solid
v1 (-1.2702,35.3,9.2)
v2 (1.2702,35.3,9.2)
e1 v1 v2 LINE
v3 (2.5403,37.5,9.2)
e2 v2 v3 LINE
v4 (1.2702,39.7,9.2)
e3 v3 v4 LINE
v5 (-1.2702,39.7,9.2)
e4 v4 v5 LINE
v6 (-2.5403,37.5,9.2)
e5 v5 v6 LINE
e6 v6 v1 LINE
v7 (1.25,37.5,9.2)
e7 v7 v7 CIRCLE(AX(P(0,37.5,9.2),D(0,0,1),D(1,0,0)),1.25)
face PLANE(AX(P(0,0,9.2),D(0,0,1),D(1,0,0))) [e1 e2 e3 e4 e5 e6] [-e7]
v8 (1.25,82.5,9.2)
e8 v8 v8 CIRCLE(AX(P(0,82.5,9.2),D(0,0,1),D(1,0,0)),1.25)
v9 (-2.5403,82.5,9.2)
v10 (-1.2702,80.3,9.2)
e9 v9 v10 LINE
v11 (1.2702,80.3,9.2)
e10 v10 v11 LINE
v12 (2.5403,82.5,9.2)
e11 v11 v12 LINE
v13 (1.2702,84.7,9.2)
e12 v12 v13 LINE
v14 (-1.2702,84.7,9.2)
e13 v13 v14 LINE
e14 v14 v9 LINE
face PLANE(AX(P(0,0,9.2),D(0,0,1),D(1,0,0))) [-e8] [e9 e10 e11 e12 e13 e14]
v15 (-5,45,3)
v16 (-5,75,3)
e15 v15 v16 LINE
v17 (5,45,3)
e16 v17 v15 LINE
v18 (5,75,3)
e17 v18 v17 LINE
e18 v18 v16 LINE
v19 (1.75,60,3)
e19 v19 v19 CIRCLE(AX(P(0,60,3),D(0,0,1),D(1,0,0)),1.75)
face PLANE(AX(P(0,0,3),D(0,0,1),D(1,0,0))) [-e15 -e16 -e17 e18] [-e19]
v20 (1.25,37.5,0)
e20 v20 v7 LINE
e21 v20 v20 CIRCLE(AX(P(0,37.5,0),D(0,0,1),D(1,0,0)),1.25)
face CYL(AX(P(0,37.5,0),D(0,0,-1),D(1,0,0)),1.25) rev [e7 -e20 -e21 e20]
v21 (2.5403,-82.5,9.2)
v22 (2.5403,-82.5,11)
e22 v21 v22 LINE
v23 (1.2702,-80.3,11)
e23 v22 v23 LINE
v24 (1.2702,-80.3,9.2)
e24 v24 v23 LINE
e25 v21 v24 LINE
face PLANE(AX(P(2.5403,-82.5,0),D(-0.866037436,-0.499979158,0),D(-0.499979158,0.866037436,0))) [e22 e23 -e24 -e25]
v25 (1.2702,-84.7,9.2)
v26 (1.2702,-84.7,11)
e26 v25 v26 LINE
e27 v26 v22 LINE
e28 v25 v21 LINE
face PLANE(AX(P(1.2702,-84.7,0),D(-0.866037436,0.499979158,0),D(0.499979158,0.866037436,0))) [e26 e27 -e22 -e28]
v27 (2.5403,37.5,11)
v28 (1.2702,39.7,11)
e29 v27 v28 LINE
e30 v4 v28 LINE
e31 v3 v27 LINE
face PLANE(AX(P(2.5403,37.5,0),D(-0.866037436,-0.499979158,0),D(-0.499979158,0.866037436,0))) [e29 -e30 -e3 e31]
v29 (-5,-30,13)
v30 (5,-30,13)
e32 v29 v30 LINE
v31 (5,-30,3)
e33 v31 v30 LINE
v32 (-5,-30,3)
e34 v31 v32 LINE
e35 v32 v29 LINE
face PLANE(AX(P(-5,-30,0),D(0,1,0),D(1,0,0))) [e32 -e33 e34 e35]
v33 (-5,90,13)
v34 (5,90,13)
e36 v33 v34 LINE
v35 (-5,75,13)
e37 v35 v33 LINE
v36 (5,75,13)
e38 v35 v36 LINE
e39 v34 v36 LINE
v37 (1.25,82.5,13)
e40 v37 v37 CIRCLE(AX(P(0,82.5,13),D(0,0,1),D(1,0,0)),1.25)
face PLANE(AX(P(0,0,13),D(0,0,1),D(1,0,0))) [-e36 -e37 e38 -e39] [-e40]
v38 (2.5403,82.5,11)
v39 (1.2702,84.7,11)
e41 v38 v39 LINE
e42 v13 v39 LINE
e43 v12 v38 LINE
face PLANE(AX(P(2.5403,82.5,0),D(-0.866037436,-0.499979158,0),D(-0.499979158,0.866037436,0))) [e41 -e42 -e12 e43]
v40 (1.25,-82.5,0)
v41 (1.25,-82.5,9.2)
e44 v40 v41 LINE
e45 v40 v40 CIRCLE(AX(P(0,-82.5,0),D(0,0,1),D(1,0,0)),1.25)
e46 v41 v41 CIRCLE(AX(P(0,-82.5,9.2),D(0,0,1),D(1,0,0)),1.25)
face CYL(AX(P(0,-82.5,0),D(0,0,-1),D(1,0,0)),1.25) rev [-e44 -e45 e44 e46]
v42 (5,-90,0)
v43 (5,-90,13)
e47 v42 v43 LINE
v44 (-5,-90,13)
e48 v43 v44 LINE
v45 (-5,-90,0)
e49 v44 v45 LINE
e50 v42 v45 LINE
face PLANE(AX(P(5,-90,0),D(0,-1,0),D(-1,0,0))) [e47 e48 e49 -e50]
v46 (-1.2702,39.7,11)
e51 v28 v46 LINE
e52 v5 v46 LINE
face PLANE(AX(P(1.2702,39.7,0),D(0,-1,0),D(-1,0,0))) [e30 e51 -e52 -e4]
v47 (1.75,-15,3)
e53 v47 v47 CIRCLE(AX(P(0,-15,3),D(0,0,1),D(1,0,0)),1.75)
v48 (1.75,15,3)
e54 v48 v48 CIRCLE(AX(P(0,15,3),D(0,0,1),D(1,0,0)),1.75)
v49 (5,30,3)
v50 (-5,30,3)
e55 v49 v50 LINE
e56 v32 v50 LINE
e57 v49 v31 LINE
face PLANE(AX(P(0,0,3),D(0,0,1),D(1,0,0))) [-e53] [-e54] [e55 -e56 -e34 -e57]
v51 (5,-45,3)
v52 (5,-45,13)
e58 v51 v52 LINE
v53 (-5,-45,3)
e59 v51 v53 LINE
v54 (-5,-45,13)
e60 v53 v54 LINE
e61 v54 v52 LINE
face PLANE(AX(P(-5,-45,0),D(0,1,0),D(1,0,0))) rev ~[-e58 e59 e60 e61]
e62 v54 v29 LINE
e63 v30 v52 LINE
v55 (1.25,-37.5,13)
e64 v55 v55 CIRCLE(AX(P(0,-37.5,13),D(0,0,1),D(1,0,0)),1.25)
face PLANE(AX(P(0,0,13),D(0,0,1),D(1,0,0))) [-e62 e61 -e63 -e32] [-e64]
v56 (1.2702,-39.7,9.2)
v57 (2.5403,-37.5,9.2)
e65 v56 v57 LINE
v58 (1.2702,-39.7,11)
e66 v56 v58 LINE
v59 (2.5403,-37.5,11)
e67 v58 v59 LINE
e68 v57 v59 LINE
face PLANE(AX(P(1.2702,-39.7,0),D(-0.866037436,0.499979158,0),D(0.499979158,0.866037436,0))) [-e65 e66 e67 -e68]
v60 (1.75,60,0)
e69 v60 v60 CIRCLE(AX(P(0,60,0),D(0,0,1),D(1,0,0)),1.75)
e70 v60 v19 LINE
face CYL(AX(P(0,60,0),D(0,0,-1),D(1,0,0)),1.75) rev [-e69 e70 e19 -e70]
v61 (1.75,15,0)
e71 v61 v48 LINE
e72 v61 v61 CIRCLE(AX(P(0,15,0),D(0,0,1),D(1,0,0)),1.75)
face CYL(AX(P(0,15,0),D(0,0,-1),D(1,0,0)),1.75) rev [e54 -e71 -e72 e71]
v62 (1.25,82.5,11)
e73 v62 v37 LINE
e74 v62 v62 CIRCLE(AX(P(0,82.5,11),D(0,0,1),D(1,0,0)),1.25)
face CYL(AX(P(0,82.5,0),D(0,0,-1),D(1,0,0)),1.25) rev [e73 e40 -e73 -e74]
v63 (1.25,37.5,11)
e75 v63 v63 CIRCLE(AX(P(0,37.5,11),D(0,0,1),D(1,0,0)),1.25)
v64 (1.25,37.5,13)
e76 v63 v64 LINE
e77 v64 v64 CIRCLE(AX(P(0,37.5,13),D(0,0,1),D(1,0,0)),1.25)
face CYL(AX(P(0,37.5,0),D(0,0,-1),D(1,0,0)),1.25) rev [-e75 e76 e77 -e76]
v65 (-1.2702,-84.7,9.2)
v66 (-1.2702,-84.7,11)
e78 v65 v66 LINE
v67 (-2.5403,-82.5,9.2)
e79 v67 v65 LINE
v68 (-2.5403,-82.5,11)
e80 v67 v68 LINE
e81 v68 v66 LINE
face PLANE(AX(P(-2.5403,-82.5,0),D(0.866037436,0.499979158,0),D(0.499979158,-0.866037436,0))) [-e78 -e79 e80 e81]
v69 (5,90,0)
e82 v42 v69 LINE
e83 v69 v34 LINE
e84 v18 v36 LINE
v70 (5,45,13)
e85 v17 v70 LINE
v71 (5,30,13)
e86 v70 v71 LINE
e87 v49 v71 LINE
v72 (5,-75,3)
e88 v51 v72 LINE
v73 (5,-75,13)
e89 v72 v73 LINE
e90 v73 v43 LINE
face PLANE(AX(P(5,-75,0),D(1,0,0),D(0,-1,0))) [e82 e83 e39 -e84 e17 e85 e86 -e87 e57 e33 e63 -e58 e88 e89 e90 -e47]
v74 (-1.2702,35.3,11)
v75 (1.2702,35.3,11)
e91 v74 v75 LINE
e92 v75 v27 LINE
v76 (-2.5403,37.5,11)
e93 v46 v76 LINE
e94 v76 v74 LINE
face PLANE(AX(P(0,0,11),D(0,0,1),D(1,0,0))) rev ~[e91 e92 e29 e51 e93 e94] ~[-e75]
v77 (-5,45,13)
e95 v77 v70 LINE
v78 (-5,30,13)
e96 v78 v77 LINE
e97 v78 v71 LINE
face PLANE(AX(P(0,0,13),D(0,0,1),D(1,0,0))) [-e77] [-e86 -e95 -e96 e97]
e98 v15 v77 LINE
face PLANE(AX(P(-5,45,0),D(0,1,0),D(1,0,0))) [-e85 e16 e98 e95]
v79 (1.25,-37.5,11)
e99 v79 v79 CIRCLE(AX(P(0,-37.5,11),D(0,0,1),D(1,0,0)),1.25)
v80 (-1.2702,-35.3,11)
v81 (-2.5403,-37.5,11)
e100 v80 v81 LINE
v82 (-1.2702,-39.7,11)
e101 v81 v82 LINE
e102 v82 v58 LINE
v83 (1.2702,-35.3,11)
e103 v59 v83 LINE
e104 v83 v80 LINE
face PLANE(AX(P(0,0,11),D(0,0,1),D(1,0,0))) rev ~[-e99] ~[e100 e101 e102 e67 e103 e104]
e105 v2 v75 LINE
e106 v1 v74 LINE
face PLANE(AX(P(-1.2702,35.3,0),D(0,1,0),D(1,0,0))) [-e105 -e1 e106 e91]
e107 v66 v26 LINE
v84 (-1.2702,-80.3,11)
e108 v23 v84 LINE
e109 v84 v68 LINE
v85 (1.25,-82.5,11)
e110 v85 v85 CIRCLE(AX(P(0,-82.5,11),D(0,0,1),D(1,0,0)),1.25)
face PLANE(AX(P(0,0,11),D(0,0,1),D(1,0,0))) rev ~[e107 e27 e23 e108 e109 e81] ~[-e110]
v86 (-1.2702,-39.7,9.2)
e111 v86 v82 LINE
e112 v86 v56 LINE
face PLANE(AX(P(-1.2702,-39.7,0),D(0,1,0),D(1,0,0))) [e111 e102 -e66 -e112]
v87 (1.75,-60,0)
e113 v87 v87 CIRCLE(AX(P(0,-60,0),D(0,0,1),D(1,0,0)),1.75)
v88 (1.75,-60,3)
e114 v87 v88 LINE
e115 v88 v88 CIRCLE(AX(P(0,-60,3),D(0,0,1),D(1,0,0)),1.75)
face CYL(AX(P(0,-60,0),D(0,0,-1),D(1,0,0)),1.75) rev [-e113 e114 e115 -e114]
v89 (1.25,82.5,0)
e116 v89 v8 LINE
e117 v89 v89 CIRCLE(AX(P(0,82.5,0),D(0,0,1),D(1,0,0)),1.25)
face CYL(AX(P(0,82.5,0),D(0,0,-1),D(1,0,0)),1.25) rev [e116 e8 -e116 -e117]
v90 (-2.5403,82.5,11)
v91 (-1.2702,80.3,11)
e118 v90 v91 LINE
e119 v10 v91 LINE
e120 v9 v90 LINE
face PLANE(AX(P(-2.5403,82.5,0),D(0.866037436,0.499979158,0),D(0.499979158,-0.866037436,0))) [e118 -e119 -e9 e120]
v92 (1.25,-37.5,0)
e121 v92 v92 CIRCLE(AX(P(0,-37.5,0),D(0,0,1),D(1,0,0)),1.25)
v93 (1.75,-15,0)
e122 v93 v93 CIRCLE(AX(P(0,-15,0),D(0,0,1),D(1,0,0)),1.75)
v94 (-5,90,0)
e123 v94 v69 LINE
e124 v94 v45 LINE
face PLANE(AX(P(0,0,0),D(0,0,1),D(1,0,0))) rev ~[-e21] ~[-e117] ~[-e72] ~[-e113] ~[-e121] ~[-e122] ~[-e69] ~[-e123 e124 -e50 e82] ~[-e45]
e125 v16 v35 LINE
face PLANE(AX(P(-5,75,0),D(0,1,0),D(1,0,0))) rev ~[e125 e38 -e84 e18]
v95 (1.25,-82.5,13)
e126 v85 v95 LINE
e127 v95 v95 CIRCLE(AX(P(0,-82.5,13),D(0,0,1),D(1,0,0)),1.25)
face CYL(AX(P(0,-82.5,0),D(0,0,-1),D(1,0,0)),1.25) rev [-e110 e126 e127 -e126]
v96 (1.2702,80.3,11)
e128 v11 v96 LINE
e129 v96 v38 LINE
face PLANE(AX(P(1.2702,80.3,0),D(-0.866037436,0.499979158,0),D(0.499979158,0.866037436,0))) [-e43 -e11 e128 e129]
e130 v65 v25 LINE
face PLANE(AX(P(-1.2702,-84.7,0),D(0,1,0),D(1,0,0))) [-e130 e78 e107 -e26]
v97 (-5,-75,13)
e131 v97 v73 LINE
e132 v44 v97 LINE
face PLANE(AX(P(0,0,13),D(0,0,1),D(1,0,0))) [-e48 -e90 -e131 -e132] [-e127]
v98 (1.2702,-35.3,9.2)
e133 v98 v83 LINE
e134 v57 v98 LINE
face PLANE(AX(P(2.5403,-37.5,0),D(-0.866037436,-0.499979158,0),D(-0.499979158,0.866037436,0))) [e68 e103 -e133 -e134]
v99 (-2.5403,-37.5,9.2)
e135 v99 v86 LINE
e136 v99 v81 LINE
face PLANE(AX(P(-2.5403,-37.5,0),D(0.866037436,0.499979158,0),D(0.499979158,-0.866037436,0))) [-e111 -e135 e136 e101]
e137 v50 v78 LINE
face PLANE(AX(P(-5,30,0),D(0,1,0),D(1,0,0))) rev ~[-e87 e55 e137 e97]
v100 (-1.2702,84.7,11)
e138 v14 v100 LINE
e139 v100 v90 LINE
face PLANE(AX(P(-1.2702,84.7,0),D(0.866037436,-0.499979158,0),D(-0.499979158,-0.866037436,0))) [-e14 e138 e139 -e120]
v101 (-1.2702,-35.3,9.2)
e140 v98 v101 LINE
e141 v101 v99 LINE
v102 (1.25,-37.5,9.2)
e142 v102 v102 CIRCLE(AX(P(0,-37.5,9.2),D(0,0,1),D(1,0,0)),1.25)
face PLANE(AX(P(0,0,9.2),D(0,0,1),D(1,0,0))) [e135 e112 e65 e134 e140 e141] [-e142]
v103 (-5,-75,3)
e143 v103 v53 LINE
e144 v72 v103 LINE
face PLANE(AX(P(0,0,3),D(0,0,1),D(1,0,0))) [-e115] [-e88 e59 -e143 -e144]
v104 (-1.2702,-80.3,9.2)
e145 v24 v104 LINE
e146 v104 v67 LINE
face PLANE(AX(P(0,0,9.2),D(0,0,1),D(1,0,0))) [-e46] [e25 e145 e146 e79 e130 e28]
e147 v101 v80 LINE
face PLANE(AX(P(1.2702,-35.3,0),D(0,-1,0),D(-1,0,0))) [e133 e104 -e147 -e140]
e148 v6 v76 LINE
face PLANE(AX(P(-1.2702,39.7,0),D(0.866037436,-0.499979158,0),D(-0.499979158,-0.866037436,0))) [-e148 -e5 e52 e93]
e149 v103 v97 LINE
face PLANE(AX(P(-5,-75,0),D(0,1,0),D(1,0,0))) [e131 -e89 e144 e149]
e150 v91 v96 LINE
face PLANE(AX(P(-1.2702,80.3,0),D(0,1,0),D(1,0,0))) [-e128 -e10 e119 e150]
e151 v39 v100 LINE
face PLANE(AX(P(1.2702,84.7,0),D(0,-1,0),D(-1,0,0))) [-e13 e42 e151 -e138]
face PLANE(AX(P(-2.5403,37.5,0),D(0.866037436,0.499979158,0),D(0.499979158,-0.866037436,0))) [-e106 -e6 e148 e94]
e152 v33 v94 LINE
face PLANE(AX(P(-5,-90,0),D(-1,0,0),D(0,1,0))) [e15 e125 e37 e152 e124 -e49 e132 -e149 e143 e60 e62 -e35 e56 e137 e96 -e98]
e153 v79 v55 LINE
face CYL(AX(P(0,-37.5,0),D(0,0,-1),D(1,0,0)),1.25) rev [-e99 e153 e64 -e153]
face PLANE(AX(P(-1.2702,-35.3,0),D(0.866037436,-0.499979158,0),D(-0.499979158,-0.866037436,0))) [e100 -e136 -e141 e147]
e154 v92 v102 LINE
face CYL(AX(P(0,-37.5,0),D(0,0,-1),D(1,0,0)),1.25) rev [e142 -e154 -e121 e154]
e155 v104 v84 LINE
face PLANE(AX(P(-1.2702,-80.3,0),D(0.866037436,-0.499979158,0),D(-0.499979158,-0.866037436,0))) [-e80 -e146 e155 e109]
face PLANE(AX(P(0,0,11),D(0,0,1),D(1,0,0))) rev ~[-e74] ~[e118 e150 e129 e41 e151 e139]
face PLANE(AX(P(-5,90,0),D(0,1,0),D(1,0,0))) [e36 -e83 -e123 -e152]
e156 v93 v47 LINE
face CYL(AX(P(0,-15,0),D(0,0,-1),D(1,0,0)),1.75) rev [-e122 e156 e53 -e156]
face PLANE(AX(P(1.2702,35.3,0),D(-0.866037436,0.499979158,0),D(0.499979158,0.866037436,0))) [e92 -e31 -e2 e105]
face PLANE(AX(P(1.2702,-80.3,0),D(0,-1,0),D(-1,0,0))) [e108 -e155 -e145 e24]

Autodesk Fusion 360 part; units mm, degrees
sketch "Skizze1" plane through (0, 0, 0) normal (0, 0, 1) x (1, 0, 0)
  line L0 (0, 118.8766) -> (0, -120.4869) construction
  line L1 (5, -90) -> (-5, -90)
  line L2 (-5, -90) -> (-5, 90)
  line L3 (-5, 90) -> (5, 90)
  line L4 (5, 90) -> (5, -90)
  line L5 (5, -90) -> (-5, 90) construction
  line L6 (-5, -90) -> (5, 90) construction
  circle A0 centre (0, 37.5) radius 1.25
  circle A1 centre (0, -37.5) radius 1.25
  circle A2 centre (0, 15) radius 1.75
  circle A3 centre (0, -15) radius 1.75
  circle A4 centre (0, 60) radius 1.75
  circle A5 centre (0, -60) radius 1.75
  line L7 (-5, 30) -> (5, 30)
  line L8 (-5, -30) -> (5, -30)
  line L9 (-5, -45) -> (5, -45)
  line L10 (-5, 45) -> (5, 45)
  line L11 (1.2702, -39.7) -> (2.5403, -37.5)
  line L12 (2.5403, -37.5) -> (1.2702, -35.3)
  line L13 (1.2702, -35.3) -> (-1.2702, -35.3)
  line L14 (-1.2702, -35.3) -> (-2.5403, -37.5)
  line L15 (-2.5403, -37.5) -> (-1.2702, -39.7)
  line L16 (-1.2702, -39.7) -> (1.2702, -39.7)
  line L17 (1.2702, 35.3) -> (2.5403, 37.5)
  line L18 (2.5403, 37.5) -> (1.2702, 39.7)
  line L19 (1.2702, 39.7) -> (-1.2702, 39.7)
  line L20 (-1.2702, 39.7) -> (-2.5403, 37.5)
  line L21 (-2.5403, 37.5) -> (-1.2702, 35.3)
  line L22 (-1.2702, 35.3) -> (1.2702, 35.3)
  circle A6 centre (0, 82.5) radius 1.25
  circle A7 centre (0, -82.5) radius 1.25
  line L23 (1.2702, 80.3) -> (2.5403, 82.5)
  line L24 (2.5403, 82.5) -> (1.2702, 84.7)
  line L25 (1.2702, 84.7) -> (-1.2702, 84.7)
  line L26 (-1.2702, 84.7) -> (-2.5403, 82.5)
  line L27 (-2.5403, 82.5) -> (-1.2702, 80.3)
  line L28 (-1.2702, 80.3) -> (1.2702, 80.3)
  line L29 (1.2702, -84.7) -> (2.5403, -82.5)
  line L30 (2.5403, -82.5) -> (1.2702, -80.3)
  line L31 (1.2702, -80.3) -> (-1.2702, -80.3)
  line L32 (-1.2702, -80.3) -> (-2.5403, -82.5)
  line L33 (-2.5403, -82.5) -> (-1.2702, -84.7)
  line L34 (-1.2702, -84.7) -> (1.2702, -84.7)
  line L35 (-5, -75) -> (5, -75)
  line L36 (-5, 75) -> (5, 75)
  point P0 (0, -37.5)
  point P1 (0, 37.5)
  point P2 (0, 82.5)
  point P3 (0, -82.5)
  dimension "d1" = 10
  dimension "d2" = 180
  dimension "d3" = 37.5
  dimension "d4" = 37.5
  dimension "d5" = 2.5
  dimension "d7" = 2.5
  dimension "d8" = 3.5
  dimension "d9" = 3.5
  dimension "d10" = 15
  dimension "d11" = 15
  dimension "d12" = 3.5
  dimension "d13" = 3.5
  dimension "d14" = 45
  dimension "d15" = 45
  dimension "d16" = 7.5
  dimension "d17" = 7.5
  dimension "d20" = 4.4
  dimension "d21" = 4.4
  dimension "d33" = 2.5
  dimension "d34" = 2.5
  dimension "d35" = 4.4
  dimension "d36" = 4.4
  dimension "d37" = 45
  dimension "d38" = 45
  dimension "d39" = 7.5
  dimension "d40" = 7.5
  dimension "d41" = 7.5
  dimension "d42" = 7.5
  dimension "d43" = 7.5
extrude "Extrusion1" add sketch "Skizze1" along normal blind 3 contours L1 L2 L4 L35 | L2 L4 L9 L35 | L2 L4 L8 L9 | L2 L4 L7 L8 | L2 L4 L7 L10 | L2 L4 L10 L36 | L2 L3 L4 L36 | L11 L12 L13 L14 L15 L16 | L17 L18 L19 L20 L21 L22 | L23 L24 L25 L26 L27 L28 | L29 L30 L31 L32 L33 L34
extrude "Extrusion2" add sketch "Skizze1" along normal blind 13 contours L1 L2 L4 L35 | L2 L4 L8 L9 | L2 L4 L7 L10 | L2 L3 L4 L36 | L11 L12 L13 L14 L15 L16 | L17 L18 L19 L20 L21 L22 | L23 L24 L25 L26 L27 L28 | L29 L30 L31 L32 L33 L34
extrude "Extrusion3" cut sketch "Skizze1" along normal blind 11 contours L11 L12 L13 L14 L15 L16 | L17 L18 L19 L20 L21 L22 | L23 L24 L25 L26 L27 L28 | L29 L30 L31 L32 L33 L34
extrude "Extrusion4" add sketch "Skizze1" along normal blind 9.2 contours L11 L12 L13 L14 L15 L16 | L17 L18 L19 L20 L21 L22 | L23 L24 L25 L26 L27 L28 | L29 L30 L31 L32 L33 L34
equation "d3 = ( 75 / 2 ) * 1 mm"
equation "d4 = ( 75 / 2 ) * 1 mm"
